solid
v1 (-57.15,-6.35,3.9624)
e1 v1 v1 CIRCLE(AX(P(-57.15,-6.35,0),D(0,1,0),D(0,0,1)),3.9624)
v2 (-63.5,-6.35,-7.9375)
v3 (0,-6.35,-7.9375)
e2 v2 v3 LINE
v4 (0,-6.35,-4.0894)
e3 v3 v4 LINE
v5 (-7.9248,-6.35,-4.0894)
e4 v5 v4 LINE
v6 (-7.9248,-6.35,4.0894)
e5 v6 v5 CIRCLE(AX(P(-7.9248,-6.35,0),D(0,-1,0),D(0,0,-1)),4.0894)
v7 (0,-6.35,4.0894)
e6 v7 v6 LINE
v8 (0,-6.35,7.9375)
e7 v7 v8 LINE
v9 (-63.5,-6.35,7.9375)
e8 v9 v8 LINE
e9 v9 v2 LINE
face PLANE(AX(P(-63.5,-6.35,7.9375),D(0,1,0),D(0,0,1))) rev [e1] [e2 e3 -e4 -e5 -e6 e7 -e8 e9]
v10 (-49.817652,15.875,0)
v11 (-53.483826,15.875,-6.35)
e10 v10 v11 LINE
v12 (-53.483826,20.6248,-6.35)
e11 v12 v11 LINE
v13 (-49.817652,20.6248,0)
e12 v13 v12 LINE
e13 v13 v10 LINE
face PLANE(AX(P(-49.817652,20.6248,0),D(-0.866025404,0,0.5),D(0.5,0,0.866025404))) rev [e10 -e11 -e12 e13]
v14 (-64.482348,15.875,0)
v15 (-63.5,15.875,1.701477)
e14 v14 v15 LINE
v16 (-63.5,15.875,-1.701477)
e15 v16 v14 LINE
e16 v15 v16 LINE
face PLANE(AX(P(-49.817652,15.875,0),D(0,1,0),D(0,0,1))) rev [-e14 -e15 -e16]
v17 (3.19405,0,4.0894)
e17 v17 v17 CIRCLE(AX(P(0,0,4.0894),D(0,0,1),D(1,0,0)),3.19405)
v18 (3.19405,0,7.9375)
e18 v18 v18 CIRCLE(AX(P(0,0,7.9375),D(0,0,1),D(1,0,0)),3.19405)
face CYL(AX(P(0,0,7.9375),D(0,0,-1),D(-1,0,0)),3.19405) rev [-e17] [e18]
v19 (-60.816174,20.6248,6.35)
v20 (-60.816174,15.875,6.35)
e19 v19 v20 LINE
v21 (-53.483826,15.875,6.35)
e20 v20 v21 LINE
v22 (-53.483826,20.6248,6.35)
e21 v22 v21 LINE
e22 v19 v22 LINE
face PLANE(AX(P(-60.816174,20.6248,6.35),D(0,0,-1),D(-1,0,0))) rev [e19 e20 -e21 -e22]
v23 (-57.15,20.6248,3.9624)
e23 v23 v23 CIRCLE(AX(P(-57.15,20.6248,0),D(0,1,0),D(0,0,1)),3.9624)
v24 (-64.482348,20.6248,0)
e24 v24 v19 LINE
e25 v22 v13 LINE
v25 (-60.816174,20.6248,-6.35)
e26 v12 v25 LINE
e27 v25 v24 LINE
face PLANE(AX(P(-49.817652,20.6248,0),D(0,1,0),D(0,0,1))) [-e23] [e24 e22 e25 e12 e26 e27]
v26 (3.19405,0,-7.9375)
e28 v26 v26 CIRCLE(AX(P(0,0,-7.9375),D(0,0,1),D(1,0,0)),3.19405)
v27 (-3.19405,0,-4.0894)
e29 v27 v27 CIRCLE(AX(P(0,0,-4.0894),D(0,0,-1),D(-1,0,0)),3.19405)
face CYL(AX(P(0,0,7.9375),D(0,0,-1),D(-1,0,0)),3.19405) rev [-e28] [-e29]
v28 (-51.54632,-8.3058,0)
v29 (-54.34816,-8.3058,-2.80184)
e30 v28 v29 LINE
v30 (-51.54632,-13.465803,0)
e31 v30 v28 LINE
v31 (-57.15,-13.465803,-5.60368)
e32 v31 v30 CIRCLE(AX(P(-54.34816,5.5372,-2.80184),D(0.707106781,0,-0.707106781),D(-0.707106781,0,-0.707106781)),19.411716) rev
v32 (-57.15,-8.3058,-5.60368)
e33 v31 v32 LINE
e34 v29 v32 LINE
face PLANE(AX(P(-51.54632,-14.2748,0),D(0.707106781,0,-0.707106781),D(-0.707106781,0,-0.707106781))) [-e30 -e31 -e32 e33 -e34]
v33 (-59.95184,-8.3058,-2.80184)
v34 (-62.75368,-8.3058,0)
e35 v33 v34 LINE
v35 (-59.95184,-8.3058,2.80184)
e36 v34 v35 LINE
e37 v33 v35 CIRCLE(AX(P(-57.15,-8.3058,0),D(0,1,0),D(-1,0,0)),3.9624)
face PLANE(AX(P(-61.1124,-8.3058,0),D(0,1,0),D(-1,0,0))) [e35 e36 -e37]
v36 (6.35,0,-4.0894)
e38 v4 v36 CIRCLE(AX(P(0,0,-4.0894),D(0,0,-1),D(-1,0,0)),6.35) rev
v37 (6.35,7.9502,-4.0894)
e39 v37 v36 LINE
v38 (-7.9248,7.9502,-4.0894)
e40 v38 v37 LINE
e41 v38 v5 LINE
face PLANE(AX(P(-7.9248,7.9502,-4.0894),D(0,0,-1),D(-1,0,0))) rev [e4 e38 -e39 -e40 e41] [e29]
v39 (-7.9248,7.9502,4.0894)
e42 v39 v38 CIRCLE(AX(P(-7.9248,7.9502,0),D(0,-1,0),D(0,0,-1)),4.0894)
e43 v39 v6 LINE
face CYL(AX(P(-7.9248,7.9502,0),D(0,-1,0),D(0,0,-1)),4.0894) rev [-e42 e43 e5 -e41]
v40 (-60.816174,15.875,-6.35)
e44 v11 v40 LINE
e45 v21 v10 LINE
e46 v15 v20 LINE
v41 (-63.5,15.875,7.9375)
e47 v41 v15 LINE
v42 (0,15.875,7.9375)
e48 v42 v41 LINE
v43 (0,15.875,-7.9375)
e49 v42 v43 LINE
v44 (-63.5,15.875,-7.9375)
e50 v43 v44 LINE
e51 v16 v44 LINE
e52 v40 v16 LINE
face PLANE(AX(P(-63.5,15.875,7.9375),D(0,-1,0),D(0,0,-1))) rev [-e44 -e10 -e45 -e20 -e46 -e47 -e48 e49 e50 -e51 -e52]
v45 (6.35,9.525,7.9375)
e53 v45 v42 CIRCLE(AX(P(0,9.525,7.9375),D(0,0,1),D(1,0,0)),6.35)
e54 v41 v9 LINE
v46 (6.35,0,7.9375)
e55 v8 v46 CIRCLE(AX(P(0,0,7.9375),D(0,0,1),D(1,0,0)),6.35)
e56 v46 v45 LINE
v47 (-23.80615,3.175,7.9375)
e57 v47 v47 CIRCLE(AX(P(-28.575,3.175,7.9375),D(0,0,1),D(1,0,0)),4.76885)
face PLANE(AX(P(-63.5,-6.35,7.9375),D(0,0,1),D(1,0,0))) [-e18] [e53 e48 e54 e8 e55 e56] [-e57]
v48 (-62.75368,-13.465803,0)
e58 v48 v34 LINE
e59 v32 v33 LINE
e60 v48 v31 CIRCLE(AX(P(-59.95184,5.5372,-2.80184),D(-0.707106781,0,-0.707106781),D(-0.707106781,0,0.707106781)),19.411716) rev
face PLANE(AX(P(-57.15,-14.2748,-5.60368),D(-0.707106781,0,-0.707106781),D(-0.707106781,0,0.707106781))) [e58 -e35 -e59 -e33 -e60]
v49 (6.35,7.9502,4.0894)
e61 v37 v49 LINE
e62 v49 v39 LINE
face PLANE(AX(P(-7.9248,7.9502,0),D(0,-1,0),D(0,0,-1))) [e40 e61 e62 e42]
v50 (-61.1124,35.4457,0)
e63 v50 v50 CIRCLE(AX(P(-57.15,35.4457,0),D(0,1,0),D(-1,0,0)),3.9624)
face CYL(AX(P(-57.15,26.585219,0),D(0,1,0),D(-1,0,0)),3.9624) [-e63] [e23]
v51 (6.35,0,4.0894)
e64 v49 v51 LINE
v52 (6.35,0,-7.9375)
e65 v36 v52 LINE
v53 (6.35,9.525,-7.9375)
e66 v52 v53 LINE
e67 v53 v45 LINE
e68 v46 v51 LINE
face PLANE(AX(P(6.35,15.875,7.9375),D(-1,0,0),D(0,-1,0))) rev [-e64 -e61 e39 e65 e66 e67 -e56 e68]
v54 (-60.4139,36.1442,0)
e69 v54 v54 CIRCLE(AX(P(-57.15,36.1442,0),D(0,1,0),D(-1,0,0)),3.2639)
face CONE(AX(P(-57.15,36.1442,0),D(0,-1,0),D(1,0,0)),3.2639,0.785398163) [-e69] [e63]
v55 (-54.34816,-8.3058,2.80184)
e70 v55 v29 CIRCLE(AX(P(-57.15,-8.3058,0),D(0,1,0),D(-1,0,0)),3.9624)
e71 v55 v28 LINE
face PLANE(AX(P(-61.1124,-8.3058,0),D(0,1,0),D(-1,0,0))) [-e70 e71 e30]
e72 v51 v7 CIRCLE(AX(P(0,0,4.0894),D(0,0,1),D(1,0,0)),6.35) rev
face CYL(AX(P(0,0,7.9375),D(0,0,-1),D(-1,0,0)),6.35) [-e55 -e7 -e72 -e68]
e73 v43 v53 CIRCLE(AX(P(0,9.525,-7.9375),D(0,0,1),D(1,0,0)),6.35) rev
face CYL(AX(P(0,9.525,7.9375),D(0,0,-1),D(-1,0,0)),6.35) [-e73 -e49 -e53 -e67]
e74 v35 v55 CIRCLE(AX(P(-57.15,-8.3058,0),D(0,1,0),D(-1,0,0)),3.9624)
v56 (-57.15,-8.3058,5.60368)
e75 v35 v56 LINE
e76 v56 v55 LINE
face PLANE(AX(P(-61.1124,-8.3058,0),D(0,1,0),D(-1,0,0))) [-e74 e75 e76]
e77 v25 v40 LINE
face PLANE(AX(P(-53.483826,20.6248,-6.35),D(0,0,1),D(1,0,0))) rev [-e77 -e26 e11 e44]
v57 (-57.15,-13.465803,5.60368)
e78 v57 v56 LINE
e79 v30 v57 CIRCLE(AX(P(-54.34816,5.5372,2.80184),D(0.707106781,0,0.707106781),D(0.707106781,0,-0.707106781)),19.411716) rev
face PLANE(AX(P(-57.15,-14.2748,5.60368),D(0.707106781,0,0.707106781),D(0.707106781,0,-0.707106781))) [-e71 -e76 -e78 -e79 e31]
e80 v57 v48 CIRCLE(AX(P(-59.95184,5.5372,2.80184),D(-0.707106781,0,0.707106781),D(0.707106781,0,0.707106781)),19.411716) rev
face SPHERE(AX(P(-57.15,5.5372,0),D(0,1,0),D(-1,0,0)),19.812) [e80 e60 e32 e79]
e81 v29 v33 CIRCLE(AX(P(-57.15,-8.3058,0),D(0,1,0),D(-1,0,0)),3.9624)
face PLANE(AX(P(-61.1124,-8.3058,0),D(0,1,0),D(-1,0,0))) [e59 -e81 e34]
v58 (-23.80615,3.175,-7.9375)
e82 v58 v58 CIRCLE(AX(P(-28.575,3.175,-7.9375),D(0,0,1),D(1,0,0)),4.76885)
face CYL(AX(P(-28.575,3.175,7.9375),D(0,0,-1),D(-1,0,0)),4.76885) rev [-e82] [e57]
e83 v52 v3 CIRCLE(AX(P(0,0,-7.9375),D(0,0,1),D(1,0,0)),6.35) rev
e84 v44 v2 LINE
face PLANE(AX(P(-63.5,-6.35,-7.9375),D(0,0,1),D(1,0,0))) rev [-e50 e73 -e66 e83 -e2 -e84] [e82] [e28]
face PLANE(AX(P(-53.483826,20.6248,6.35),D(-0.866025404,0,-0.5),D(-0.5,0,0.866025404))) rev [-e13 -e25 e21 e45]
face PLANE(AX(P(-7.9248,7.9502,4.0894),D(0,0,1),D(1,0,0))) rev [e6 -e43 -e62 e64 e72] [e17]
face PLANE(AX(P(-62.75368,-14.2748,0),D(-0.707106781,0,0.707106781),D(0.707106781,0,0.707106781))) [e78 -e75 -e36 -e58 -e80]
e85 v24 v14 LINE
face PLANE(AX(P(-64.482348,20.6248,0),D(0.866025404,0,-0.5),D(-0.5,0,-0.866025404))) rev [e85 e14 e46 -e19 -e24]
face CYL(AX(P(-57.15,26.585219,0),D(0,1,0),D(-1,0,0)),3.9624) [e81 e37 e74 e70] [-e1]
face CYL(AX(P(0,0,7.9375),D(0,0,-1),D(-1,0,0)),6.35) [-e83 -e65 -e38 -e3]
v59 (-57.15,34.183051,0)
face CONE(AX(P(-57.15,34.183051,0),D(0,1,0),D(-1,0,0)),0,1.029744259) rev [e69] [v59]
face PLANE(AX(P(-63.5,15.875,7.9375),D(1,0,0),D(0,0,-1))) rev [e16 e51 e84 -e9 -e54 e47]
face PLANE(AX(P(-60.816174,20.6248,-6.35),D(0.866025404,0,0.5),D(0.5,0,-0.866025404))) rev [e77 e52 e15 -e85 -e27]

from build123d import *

# Parameters (mm, degrees)
SKETCH11_W         = 69.85
SKETCH11_H         = 22.225
SKETCH11_R         = 3.19405
SKETCH11_R_2       = 4.76885
EXTRUDE3_DEPTH     = 7.9375
CUT_EXTRUDE1_DEPTH = 14.3002
FILLET1_R          = 6.35
EXTRUDE4_DEPTH     = 4.7498
SKETCH15_R         = 13.386908493
CUT_EXTRUDE2_DEPTH = 6.969


with BuildPart() as part:
    # Sketch11 → Extrude3 (new body, symmetric)
    with BuildSketch(Plane.XY):
        with Locations((-28.575, 4.7625)):
            Rectangle(SKETCH11_W, SKETCH11_H)
        Circle(SKETCH11_R, mode=Mode.SUBTRACT)
        with Locations((-28.575, 3.175)):
            Circle(SKETCH11_R_2, mode=Mode.SUBTRACT)
    extrude(amount=EXTRUDE3_DEPTH, both=True)

    # Sketch12 → Cut-Extrude1 (cut)
    with BuildSketch(Plane.XZ.offset(6.35)):
        with BuildLine():
            Line((-7.9248, 4.0894), (6.35, 4.0894))
            Line((6.35, 4.0894), (6.35, -4.0894))
            Line((6.35, -4.0894), (-7.9248, -4.0894))
            ThreePointArc((-7.9248, -4.0894), (-12.0142, 0), (-7.9248, 4.0894))
        make_face()
    extrude(amount=-CUT_EXTRUDE1_DEPTH, mode=Mode.SUBTRACT)

    # Fillet1
    fillet1_edges = [part.edges().sort_by_distance(p)[0] for p in [
        (6.35, -6.35, -6.01345),
        (6.35, 15.875, 0),
        (6.35, -6.35, 6.01345),
    ]]
    fillet(fillet1_edges, radius=FILLET1_R)

    # Sketch13 → Extrude4 (add)
    with BuildSketch(Plane(origin=(0, 15.875, 0), x_dir=(1, 0, 0), z_dir=(0, 1, 0))):
        Polygon((-49.817651581, 0), (-53.483825791, 6.35), (-60.816174209, 6.35), (-64.482348419, 0), (-60.816174209, -6.35), (-53.483825791, -6.35), align=None)
    extrude(amount=EXTRUDE4_DEPTH)

    # Sketch14 → Revolve2 (revolve)
    with BuildSketch(Plane.XY):
        with BuildLine():
            Line((-57.15, 34.183051026), (-60.4139, 36.1442))
            Line((-60.4139, 36.1442), (-61.1124, 35.4457))
            Line((-61.1124, 35.4457), (-61.1124, -8.3058))
            Line((-61.1124, -8.3058), (-70.536908493, -8.3058))
            Line((-70.536908493, -8.3058), (-70.536908493, -9.0678))
            ThreePointArc((-70.536908493, -9.0678), (-64.331959482, -12.927219893), (-57.15, -14.2748))
            Line((-57.15, -14.2748), (-57.15, 34.183051026))
        make_face()
    revolve(axis=Axis((-57.15, 26.585218564, 0), (0, -1, 0)))

    # Sketch15 → Cut-Extrude2 (cut, through all)
    with BuildSketch(Plane(origin=(0, -8.3058, 0), x_dir=(1, 0, 0), z_dir=(0, 1, 0))):
        with Locations((-57.15, 0)):
            Circle(SKETCH15_R)
        Polygon((-57.15, 5.60367982), (-62.75367982, 0), (-57.15, -5.60367982), (-51.54632018, 0), align=None, mode=Mode.SUBTRACT)
    extrude(amount=-CUT_EXTRUDE2_DEPTH, mode=Mode.SUBTRACT)


solid = part.part
